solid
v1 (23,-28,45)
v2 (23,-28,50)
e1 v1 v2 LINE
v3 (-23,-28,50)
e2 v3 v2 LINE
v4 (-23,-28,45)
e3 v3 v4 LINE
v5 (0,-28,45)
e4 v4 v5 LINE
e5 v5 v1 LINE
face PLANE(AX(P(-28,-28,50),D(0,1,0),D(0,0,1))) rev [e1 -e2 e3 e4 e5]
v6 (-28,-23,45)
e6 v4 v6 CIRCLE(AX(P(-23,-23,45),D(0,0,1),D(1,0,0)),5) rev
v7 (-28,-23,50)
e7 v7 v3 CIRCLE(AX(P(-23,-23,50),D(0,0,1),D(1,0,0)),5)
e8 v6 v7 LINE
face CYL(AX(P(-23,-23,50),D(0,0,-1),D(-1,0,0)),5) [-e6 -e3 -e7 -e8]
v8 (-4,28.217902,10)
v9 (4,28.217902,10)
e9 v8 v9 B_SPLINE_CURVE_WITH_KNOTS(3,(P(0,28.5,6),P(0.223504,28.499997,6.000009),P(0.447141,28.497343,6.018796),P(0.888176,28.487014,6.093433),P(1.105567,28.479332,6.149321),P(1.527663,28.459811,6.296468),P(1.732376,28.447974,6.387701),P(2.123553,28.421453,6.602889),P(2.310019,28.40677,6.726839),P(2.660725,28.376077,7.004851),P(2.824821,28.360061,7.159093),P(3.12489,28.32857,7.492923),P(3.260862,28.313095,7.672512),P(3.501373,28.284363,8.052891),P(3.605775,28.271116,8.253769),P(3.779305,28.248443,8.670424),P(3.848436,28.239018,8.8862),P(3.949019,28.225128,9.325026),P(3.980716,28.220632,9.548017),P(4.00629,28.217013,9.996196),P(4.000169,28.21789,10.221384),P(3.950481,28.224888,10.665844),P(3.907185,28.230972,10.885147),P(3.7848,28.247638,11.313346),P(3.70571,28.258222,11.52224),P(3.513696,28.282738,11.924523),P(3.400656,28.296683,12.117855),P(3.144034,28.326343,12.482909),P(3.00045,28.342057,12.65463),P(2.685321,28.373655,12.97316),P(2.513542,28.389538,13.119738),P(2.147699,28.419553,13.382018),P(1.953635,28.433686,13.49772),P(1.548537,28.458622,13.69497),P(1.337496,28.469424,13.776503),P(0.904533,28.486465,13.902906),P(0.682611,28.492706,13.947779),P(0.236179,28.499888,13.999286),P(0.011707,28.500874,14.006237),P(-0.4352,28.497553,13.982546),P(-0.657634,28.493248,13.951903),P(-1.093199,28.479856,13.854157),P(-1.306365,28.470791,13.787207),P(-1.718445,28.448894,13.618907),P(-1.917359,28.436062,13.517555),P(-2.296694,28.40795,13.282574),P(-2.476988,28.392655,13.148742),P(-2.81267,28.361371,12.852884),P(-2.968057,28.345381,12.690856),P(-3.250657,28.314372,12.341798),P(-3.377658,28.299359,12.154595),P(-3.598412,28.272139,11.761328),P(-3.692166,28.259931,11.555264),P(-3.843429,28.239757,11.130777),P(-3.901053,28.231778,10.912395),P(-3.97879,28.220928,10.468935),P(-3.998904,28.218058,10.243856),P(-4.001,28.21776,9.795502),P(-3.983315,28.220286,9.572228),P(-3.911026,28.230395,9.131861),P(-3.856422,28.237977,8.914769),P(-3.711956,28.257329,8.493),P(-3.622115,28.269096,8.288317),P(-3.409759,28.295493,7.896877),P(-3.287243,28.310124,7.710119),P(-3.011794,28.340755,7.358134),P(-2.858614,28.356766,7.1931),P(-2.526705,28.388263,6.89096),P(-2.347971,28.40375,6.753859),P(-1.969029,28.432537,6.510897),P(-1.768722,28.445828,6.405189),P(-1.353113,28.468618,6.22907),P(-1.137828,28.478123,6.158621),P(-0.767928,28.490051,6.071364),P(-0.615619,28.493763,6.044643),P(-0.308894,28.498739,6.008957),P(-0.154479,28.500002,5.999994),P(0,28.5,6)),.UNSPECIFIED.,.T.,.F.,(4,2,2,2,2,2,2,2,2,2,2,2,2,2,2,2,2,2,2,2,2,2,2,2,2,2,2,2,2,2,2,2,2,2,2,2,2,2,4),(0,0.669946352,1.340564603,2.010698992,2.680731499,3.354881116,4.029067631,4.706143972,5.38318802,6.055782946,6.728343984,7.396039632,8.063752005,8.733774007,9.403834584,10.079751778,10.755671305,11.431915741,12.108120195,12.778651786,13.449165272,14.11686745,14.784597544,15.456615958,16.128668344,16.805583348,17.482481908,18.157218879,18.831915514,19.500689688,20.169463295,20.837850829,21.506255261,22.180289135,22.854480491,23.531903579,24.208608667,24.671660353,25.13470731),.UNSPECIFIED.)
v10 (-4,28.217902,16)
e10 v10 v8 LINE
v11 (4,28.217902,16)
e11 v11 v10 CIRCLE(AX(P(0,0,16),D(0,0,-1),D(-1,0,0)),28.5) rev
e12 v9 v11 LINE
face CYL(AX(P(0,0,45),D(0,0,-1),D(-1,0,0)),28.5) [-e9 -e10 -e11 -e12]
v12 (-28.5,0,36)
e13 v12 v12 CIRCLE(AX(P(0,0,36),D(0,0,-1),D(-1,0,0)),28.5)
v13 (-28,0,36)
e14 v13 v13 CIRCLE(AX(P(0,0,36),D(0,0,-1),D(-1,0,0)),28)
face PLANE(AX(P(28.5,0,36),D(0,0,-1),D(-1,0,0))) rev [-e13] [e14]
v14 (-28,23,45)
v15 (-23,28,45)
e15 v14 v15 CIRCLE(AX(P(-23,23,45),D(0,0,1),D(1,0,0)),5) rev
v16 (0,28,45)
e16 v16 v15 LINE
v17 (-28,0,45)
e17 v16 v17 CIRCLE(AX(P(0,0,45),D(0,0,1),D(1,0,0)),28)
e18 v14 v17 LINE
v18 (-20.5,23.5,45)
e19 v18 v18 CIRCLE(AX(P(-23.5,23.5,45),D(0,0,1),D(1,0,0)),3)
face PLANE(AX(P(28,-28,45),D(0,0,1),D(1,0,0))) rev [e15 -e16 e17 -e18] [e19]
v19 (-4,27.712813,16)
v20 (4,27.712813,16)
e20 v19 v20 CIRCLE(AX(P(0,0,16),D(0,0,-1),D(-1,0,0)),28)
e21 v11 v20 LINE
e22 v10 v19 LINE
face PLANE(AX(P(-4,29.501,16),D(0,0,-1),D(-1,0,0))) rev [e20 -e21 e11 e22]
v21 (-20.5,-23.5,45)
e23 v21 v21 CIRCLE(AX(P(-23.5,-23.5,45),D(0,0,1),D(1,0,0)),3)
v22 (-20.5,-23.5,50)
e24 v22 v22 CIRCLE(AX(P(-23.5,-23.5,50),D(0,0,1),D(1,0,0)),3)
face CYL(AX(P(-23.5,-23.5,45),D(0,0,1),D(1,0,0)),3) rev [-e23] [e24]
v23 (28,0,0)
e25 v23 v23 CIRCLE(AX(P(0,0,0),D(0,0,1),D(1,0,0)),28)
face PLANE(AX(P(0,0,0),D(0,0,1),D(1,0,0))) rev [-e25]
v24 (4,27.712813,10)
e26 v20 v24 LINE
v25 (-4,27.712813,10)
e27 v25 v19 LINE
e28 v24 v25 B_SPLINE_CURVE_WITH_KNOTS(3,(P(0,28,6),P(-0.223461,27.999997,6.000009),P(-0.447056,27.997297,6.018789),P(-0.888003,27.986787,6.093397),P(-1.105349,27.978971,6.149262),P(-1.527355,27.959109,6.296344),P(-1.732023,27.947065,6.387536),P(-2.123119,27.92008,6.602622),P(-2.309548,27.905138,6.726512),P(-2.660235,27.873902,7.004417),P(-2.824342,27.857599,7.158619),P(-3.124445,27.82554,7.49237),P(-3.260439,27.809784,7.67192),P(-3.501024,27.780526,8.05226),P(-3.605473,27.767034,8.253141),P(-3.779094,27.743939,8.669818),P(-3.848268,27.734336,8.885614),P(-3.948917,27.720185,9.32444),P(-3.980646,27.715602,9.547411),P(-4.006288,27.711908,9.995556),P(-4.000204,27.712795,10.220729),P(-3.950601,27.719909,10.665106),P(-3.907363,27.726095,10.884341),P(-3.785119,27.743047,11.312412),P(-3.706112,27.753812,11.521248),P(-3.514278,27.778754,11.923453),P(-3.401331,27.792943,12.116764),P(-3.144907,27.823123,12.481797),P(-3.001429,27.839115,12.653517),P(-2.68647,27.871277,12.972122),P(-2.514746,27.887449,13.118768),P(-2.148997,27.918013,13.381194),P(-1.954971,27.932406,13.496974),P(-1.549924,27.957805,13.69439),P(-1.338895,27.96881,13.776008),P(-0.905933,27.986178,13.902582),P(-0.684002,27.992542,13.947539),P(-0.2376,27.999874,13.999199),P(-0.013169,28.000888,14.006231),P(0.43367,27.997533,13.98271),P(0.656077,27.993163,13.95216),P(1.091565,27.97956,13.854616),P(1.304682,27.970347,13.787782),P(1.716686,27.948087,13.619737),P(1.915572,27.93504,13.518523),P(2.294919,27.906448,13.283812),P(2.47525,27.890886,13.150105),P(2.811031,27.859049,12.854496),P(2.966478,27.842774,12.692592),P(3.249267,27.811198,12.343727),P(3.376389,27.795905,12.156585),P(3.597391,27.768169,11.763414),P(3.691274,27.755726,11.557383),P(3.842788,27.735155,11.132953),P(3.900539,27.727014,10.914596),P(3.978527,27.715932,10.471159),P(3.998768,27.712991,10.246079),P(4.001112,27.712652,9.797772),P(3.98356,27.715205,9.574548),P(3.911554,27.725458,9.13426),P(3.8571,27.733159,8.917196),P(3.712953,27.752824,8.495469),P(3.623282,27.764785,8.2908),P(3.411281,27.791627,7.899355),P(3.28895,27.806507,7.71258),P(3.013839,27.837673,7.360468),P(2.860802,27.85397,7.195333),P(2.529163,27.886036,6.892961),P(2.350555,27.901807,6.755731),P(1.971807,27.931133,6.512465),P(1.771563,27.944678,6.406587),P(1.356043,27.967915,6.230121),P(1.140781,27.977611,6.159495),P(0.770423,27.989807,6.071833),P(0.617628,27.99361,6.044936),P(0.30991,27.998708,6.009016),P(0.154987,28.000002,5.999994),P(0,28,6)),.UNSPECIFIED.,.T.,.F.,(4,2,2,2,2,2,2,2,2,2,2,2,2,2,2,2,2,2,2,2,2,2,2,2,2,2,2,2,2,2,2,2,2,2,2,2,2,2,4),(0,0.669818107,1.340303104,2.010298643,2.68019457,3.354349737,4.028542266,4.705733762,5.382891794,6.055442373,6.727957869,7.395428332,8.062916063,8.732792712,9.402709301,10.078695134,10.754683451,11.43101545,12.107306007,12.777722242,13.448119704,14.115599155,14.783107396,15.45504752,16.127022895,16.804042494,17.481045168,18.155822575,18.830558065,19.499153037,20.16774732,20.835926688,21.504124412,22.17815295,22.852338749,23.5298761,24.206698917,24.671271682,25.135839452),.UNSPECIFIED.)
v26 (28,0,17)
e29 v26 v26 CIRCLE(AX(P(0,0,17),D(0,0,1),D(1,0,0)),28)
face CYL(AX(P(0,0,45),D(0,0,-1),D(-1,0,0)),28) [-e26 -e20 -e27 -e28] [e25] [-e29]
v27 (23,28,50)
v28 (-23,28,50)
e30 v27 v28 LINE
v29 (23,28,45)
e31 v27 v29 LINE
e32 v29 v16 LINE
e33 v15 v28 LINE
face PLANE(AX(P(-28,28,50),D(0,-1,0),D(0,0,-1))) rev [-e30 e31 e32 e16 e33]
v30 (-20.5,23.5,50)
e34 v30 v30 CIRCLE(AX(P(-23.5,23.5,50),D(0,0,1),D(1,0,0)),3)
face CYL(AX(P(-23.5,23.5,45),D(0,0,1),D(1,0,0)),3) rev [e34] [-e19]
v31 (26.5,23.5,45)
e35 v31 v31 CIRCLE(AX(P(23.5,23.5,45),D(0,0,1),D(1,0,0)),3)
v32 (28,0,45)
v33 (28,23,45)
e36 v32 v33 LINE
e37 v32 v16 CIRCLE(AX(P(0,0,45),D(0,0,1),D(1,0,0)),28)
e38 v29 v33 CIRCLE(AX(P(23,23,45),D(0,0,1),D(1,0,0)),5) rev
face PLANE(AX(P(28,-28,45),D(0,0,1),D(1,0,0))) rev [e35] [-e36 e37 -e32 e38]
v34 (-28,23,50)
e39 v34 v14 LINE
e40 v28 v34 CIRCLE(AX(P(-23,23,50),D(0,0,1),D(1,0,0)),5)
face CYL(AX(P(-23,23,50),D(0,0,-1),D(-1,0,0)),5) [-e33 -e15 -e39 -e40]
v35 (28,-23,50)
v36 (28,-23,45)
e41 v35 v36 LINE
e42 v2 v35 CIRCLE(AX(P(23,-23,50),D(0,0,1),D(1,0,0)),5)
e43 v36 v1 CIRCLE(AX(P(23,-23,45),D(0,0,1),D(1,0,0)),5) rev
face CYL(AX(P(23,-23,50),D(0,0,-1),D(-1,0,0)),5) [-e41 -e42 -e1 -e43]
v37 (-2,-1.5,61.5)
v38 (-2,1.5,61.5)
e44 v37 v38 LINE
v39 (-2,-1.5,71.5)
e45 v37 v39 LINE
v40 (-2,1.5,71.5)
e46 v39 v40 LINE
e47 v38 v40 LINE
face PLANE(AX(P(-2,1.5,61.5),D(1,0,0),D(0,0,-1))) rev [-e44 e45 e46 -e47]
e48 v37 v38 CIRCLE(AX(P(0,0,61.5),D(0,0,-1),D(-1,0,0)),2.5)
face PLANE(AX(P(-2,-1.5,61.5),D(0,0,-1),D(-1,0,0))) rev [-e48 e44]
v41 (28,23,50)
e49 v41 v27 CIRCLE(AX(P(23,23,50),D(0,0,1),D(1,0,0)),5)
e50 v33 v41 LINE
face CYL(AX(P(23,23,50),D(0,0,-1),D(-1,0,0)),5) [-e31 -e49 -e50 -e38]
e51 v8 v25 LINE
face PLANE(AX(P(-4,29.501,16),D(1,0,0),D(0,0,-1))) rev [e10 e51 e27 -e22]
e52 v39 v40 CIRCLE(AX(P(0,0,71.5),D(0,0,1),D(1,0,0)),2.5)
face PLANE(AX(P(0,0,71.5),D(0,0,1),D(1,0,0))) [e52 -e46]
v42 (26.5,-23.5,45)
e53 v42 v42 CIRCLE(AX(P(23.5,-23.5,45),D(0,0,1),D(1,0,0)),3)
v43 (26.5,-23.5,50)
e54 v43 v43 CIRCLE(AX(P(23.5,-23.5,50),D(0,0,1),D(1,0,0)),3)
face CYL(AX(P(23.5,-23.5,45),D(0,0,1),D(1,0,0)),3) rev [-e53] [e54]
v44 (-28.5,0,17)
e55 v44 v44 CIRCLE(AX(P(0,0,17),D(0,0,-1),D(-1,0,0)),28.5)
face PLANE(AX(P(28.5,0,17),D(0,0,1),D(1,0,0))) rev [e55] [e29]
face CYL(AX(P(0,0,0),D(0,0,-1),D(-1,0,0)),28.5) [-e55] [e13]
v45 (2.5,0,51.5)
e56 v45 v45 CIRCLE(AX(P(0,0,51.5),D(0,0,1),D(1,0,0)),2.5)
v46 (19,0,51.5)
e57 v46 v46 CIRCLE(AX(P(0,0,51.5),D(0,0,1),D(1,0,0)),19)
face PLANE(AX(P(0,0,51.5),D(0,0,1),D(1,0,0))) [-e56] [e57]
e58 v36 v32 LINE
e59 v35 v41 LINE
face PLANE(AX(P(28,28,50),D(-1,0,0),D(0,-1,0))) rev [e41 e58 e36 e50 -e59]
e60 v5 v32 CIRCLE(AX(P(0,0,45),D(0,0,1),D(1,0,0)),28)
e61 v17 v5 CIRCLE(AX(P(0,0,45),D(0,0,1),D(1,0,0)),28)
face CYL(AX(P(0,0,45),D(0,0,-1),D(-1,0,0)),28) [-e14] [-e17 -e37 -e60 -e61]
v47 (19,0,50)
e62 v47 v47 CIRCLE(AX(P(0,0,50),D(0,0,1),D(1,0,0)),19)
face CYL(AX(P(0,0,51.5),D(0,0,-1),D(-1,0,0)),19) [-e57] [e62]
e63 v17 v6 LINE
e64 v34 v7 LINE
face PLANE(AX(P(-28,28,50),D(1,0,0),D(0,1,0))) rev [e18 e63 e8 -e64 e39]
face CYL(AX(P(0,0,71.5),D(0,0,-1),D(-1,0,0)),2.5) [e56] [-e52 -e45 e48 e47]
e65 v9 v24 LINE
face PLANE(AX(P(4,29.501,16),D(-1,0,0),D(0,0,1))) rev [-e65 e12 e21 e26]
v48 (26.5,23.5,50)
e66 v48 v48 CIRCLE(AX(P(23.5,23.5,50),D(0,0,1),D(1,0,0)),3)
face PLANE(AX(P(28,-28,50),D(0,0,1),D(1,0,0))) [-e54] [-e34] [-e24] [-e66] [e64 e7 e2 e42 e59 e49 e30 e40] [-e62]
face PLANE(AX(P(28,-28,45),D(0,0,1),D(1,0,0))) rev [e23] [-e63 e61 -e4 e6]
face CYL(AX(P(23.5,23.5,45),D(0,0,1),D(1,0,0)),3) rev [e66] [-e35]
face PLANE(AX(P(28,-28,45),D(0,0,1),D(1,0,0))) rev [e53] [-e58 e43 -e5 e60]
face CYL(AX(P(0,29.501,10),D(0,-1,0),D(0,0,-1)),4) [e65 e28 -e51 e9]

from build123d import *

# Parameters (mm, degrees)
SKETCH1_R           = 28
EXTRUDE1_DEPTH      = 45
SKETCH2_W           = 56
SKETCH2_H           = 56
EXTRUDE2_DEPTH      = 5
SKETCH4_R           = 3
EXTRUDE3_DEPTH      = 5
SKETCH5_W           = 0.5
SKETCH5_H           = 19
SKETCH7_R           = 19
EXTRUDE4_DEPTH      = 1.5
SKETCH9_R           = 2.5
EXTRUDE5_DEPTH      = 20
SKETCH10_W          = 5
SKETCH10_H          = 3
EXTRUDE6_DEPTH      = 10
FILLET1_R           = 5
EXTRUDE7_REACH      = 84.078
EXTRUDE7_END_RADIUS = 28.5


with BuildPart() as part:
    # Sketch1 → Extrude1 (new body)
    with BuildSketch(Plane.XY):
        Circle(SKETCH1_R)
    extrude(amount=EXTRUDE1_DEPTH)

    # Sketch2 → Extrude2 (add)
    with BuildSketch(Plane.XY.offset(45)):
        Rectangle(SKETCH2_W, SKETCH2_H)
    extrude(amount=EXTRUDE2_DEPTH)

    # Sketch4 → Extrude3 (cut)
    with BuildSketch(Plane.XY.offset(50)):
        with Locations((-23.5, 23.5)):
            Circle(SKETCH4_R)
        with Locations((23.5, 23.5)):
            Circle(SKETCH4_R)
        with Locations((-23.5, -23.5)):
            Circle(SKETCH4_R)
        with Locations((23.5, -23.5)):
            Circle(SKETCH4_R)
    extrude(amount=-EXTRUDE3_DEPTH, mode=Mode.SUBTRACT)

    # Sketch5 → Revolve2 (revolve)
    with BuildSketch(Plane(origin=(0, 0, 0), x_dir=(1, 0, 0), z_dir=(0, 1, 0)), mode=Mode.PRIVATE) as revolve2_sk:
        with Locations((28.25, -26.5)):
            Rectangle(SKETCH5_W, SKETCH5_H)
    revolve(revolve2_sk.sketch.rotate(Axis((0, 0, 0), (0, 0, 1)), 180), axis=Axis((0, 0, 0), (0, 0, 1)))

    # Sketch7 → Extrude4 (add)
    with BuildSketch(Plane.XY.offset(50)):
        Circle(SKETCH7_R)
    extrude(amount=EXTRUDE4_DEPTH)

    # Sketch9 → Extrude5 (add)
    with BuildSketch(Plane.XY.offset(51.5)):
        Circle(SKETCH9_R)
    extrude(amount=EXTRUDE5_DEPTH)

    # Sketch10 → Extrude6 (cut)
    with BuildSketch(Plane.XY.offset(71.5)):
        with Locations((-4.5, 0)):
            Rectangle(SKETCH10_W, SKETCH10_H)
    extrude(amount=-EXTRUDE6_DEPTH, mode=Mode.SUBTRACT)

    # Fillet1
    fillet1_edges = [part.edges().sort_by_distance(p)[0] for p in [
        (28, -28, 47.5),
        (28, 28, 47.5),
        (-28, 28, 47.5),
        (-28, -28, 47.5),
    ]]
    fillet(fillet1_edges, radius=FILLET1_R)

    # Extrude7: up to this cylinder (the profile starts inside it)
    extrude7_end = Plane(origin=(0, 0, 11.385608), z_dir=(0, 0, -1)) * Cylinder(EXTRUDE7_END_RADIUS, 226.156, mode=Mode.PRIVATE)
    # Sketch11 → Extrude7 (add, up to the surface)
    with BuildSketch(Plane(origin=(0, 0, 0), x_dir=(1, 0, 0), z_dir=(0, 1, 0)), mode=Mode.PRIVATE) as extrude7_sk1:
        with BuildLine():
            Line((-4, -16), (4, -16))
            Line((4, -16), (4, -10))
            ThreePointArc((4, -10), (0, -6), (-4, -10))
            Line((-4, -10), (-4, -16))
        make_face()
    extrude7_tool1 = extrude(extrude7_sk1.sketch, amount=EXTRUDE7_REACH, mode=Mode.PRIVATE) & extrude7_end
    add(extrude7_tool1.solids().sort_by_distance((0, 0, 11.385608))[0])


solid = part.part
